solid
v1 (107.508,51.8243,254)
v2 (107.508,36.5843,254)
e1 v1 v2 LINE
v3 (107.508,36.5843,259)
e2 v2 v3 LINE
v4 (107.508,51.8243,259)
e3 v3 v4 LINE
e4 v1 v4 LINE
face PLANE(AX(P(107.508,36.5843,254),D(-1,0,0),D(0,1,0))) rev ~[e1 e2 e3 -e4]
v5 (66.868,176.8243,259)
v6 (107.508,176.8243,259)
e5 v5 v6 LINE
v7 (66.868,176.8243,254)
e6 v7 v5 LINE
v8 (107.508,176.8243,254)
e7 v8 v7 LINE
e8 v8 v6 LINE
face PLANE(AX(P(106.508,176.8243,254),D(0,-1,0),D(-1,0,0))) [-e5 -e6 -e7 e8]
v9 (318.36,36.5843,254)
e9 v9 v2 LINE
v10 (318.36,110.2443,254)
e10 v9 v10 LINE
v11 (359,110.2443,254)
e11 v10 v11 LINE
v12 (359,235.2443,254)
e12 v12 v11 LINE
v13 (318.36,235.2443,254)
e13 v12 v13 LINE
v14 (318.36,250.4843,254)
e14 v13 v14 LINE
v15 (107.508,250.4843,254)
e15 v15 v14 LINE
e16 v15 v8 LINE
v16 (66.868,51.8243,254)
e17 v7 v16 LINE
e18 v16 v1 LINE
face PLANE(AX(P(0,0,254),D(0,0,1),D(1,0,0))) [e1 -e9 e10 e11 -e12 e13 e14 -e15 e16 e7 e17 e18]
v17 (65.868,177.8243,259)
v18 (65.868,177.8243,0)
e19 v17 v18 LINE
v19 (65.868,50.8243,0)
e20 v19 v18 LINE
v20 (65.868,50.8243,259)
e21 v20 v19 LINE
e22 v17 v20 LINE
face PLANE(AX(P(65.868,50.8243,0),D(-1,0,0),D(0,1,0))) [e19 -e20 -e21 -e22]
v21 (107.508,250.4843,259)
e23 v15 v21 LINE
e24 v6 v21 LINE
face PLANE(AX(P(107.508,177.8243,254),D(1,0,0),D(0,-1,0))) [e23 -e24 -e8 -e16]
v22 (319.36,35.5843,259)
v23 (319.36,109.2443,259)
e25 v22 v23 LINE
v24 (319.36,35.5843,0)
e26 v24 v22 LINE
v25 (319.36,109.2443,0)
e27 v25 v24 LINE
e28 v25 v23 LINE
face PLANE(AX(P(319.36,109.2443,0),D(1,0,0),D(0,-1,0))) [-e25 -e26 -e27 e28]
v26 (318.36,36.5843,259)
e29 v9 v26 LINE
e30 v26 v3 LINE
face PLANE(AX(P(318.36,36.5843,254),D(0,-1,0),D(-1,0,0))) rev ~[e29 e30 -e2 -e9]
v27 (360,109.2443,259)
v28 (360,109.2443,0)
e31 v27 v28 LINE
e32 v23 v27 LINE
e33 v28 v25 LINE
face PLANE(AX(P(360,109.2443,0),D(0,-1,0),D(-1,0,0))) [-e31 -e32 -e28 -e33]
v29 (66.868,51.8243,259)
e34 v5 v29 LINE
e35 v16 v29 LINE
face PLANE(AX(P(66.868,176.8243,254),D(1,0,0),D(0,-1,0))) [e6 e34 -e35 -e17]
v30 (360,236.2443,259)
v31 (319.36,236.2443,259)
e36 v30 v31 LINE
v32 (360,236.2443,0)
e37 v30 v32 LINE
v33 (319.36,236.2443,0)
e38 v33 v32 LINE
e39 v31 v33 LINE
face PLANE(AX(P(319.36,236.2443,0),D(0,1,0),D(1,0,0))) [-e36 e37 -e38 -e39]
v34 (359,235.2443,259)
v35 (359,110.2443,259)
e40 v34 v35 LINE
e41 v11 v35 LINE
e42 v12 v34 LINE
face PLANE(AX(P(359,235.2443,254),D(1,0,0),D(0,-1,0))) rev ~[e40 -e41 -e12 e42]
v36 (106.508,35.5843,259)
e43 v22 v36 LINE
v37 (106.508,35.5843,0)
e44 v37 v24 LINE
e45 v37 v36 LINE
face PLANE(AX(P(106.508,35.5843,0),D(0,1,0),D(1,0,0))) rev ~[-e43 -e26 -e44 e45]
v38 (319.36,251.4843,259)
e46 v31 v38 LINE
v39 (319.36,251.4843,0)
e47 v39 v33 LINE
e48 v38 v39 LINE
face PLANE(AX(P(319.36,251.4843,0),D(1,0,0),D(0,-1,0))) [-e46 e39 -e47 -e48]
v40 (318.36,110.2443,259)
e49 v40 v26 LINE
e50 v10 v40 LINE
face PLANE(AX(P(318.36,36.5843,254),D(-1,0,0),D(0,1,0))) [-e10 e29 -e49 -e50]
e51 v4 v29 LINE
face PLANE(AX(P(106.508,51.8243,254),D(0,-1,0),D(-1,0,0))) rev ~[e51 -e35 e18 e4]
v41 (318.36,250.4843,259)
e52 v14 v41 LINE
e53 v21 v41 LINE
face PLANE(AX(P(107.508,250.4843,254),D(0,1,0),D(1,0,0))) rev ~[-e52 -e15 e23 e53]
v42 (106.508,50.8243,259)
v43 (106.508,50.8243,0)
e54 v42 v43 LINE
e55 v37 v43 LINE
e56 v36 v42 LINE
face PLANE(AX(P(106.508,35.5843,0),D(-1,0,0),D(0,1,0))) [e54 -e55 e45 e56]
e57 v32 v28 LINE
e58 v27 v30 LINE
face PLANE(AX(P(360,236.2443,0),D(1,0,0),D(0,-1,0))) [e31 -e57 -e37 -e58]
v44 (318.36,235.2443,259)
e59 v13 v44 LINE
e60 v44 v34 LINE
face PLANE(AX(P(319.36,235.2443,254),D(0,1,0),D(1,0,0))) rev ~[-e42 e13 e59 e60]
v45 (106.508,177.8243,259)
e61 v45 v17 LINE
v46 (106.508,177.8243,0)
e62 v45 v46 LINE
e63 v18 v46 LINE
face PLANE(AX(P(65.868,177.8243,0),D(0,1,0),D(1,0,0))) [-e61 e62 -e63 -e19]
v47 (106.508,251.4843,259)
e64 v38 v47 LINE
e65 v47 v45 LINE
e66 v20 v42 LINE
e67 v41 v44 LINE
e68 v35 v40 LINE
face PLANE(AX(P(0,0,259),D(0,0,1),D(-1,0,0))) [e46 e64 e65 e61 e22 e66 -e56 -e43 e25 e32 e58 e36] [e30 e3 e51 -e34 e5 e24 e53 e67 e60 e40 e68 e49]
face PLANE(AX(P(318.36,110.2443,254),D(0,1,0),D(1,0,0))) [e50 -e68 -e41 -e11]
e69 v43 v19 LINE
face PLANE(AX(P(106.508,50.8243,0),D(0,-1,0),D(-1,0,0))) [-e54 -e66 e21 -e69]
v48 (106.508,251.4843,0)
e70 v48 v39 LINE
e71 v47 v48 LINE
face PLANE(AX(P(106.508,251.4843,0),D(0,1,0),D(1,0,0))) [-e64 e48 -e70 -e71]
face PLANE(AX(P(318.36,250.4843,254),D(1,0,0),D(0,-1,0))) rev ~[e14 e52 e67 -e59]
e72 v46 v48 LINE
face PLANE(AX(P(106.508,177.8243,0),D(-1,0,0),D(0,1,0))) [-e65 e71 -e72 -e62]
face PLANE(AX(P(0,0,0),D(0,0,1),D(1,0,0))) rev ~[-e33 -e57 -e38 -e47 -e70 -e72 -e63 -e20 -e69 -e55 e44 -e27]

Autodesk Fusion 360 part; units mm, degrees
sketch "Sketch1" plane through (0, 0, 0) normal (0, 0, 1) x (1, 0, 0)
sketch "Sketch2" plane through (0, 0, 0) normal (0, 0, 1) x (1, 0, 0)
  line L0 (106.508, 35.5843) -> (319.36, 35.5843)
  line L1 (106.508, 35.5843) -> (106.508, 50.8243)
  line L2 (106.508, 50.8243) -> (65.868, 50.8243)
  line L3 (65.868, 50.8243) -> (65.868, 177.8243)
  line L4 (65.868, 177.8243) -> (106.508, 177.8243)
  line L5 (106.508, 177.8243) -> (106.508, 251.4843)
  line L6 (106.508, 251.4843) -> (319.36, 251.4843)
  line L7 (319.36, 251.4843) -> (319.36, 236.2443)
  line L8 (319.36, 236.2443) -> (360, 236.2443)
  line L9 (360, 236.2443) -> (360, 109.2443)
  line L10 (360, 109.2443) -> (319.36, 109.2443)
  line L11 (319.36, 109.2443) -> (319.36, 35.5843)
  dimension "d2" = 212.852
  dimension "d3" = 15.24
  dimension "d4" = 40.64
  dimension "d5" = 127
  dimension "d6" = 40.64
  dimension "d7" = 73.66
  dimension "d8" = 212.852
  dimension "d9" = 15.24
  dimension "d10" = 40.64
  dimension "d11" = 73.66
extrude "Extrude1" add sketch "Sketch2" along normal blind 254
sketch "Sketch3" plane through (0, 0, 254) normal (0, 0, 1) x (-1, 0, 0)
  line L0 (-106.508, -35.5843) -> (-319.36, -35.5843)
  line L1 (-319.36, -35.5843) -> (-319.36, -109.2443)
  line L2 (-319.36, -109.2443) -> (-360, -109.2443)
  line L3 (-360, -109.2443) -> (-360, -236.2443)
  line L4 (-360, -236.2443) -> (-319.36, -236.2443)
  line L5 (-319.36, -236.2443) -> (-319.36, -251.4843)
  line L6 (-319.36, -251.4843) -> (-106.508, -251.4843)
  line L7 (-106.508, -251.4843) -> (-106.508, -177.8243)
  line L8 (-106.508, -177.8243) -> (-65.868, -177.8243)
  line L9 (-65.868, -177.8243) -> (-65.868, -50.8243)
  line L10 (-65.868, -50.8243) -> (-106.508, -50.8243)
  line L11 (-106.508, -50.8243) -> (-106.508, -35.5843)
  line L12 (-65.868, -177.8243) -> (-66.868, -177.8243)
  line L13 (-66.868, -177.8243) -> (-66.868, -50.8243)
  line L14 (-66.868, -50.8243) -> (-65.868, -50.8243)
  line L15 (-65.868, -50.8243) -> (-65.868, -177.8243)
  line L16 (-65.868, -177.8243) -> (-107.508, -177.8243)
  line L17 (-107.508, -177.8243) -> (-107.508, -176.8243)
  line L18 (-107.508, -176.8243) -> (-65.868, -176.8243)
  line L19 (-65.868, -176.8243) -> (-65.868, -177.8243)
  line L20 (-65.868, -50.8243) -> (-107.508, -50.8243)
  line L21 (-107.508, -50.8243) -> (-107.508, -51.8243)
  line L22 (-107.508, -51.8243) -> (-65.868, -51.8243)
  line L23 (-65.868, -51.8243) -> (-65.868, -50.8243)
  line L24 (-107.508, -51.8243) -> (-106.508, -51.8243)
  line L25 (-106.508, -51.8243) -> (-106.508, -35.5843)
  line L26 (-106.508, -35.5843) -> (-107.508, -35.5843)
  line L27 (-107.508, -35.5843) -> (-107.508, -51.8243)
  line L28 (-106.508, -35.5843) -> (-319.36, -35.5843)
  line L29 (-319.36, -35.5843) -> (-319.36, -36.5843)
  line L30 (-319.36, -36.5843) -> (-106.508, -36.5843)
  line L31 (-106.508, -36.5843) -> (-106.508, -35.5843)
  line L32 (-319.36, -35.5843) -> (-318.36, -35.5843)
  line L33 (-318.36, -35.5843) -> (-318.36, -110.2443)
  line L34 (-318.36, -110.2443) -> (-319.36, -110.2443)
  line L35 (-319.36, -110.2443) -> (-319.36, -35.5843)
  line L36 (-318.36, -110.2443) -> (-360, -110.2443)
  line L37 (-360, -110.2443) -> (-360, -109.2443)
  line L38 (-360, -109.2443) -> (-318.36, -109.2443)
  line L39 (-318.36, -109.2443) -> (-318.36, -110.2443)
  line L40 (-360, -236.2443) -> (-359, -236.2443)
  line L41 (-359, -236.2443) -> (-359, -109.2443)
  line L42 (-359, -109.2443) -> (-360, -109.2443)
  line L43 (-360, -109.2443) -> (-360, -236.2443)
  line L44 (-360, -236.2443) -> (-318.36, -236.2443)
  line L45 (-318.36, -236.2443) -> (-318.36, -235.2443)
  line L46 (-318.36, -235.2443) -> (-360, -235.2443)
  line L47 (-360, -235.2443) -> (-360, -236.2443)
  line L48 (-319.36, -251.4843) -> (-318.36, -251.4843)
  line L49 (-318.36, -251.4843) -> (-318.36, -235.2443)
  line L50 (-318.36, -235.2443) -> (-319.36, -235.2443)
  line L51 (-319.36, -235.2443) -> (-319.36, -251.4843)
  line L52 (-319.36, -251.4843) -> (-106.508, -251.4843)
  line L53 (-106.508, -251.4843) -> (-106.508, -250.4843)
  line L54 (-106.508, -250.4843) -> (-319.36, -250.4843)
  line L55 (-319.36, -250.4843) -> (-319.36, -251.4843)
  line L56 (-107.508, -176.8243) -> (-106.508, -176.8243)
  line L57 (-106.508, -176.8243) -> (-106.508, -251.4843)
  line L58 (-106.508, -251.4843) -> (-107.508, -251.4843)
  line L59 (-107.508, -251.4843) -> (-107.508, -176.8243)
  dimension "d14" = 1
  dimension "d15" = 1
  dimension "d16" = 1
  dimension "d17" = 1
  dimension "d18" = 1
  dimension "d19" = 1
  dimension "d20" = 1
  dimension "d21" = 1
  dimension "d22" = 1
  dimension "d23" = 1
  dimension "d24" = 1
  dimension "d25" = 1
extrude "Extrude2" add sketch "Sketch3" along normal blind 5 contours L0 L11 L25 L26 L27 L28 L30 L31 | L0 L27 L28 L30 L33 | L11 L20 L25 L27 L30 | L0 L1 L28 L29 L30 L32 L33 L35 | L20 L21 L22 L24 L25 L27 | L10 L13 L20 L22 L25 | L1 L30 L33 L35 L38 | L9 L10 L13 L14 L15 L20 L22 L23 | L33 L34 L35 L36 L38 L39 | L9 L13 L15 L18 L22 | L2 L35 L36 L38 L41 | L8 L9 L12 L13 L15 L16 L18 L19 | L8 L13 L16 L18 L57 | L2 L3 L36 L37 L38 L41 L42 L43 | L16 L17 L18 L56 L57 L59 | L3 L36 L41 L43 L46 | L7 L16 L54 L57 L59 | L4 L41 L44 L46 L51 | L3 L4 L40 L41 L43 L44 L46 L47 | L6 L7 L52 L53 L54 L57 L58 L59 | L44 L45 L46 L49 L50 L51 | L6 L49 L52 L54 L59 | L5 L44 L49 L51 L54 | L5 L6 L48 L49 L51 L52 L54 L55
sketch "Sketch4" plane through (0, 0, 254) normal (0, 0, 1) x (-1, 0, 0)
  line L0 (-107.508, -176.8243) -> (-66.868, -176.8243)
  line L1 (-66.868, -176.8243) -> (-66.868, -51.8243)
  line L2 (-66.868, -51.8243) -> (-107.508, -51.8243)
  line L3 (-107.508, -51.8243) -> (-107.508, -36.5843)
  line L4 (-107.508, -36.5843) -> (-318.36, -36.5843)
  line L5 (-318.36, -36.5843) -> (-318.36, -110.2443)
  line L6 (-318.36, -110.2443) -> (-359, -110.2443)
  line L7 (-359, -110.2443) -> (-359, -235.2443)
  line L8 (-359, -235.2443) -> (-318.36, -235.2443)
  line L9 (-318.36, -235.2443) -> (-318.36, -250.4843)
  line L10 (-318.36, -250.4843) -> (-107.508, -250.4843)
  line L11 (-107.508, -250.4843) -> (-107.508, -176.8243)
  line L12 (-192.7092, -113.2958) -> (-177.8821, -135.8603)
  line L13 (-177.8821, -135.8603) -> (-181.5924, -155.5132)
  line L14 (-181.5924, -155.5132) -> (-189.7272, -162.9176)
  line L15 (-189.7272, -162.9176) -> (-197.3239, -162.6933)
  line L16 (-197.3239, -162.6933) -> (-208.6768, -121.2191)
  line L17 (-208.6768, -121.2191) -> (-209.0766, -103.7236)
  line L18 (-209.0766, -103.7236) -> (-206.2382, -88.6892)
  dimension "d40" = 27
  dimension "d42" = 11
  dimension "d44" = 43
  dimension "d46" = 17.5
  dimension "d47" = 7.6
  dimension "d48" = 107
  dimension "d49" = 166
  dimension "d50" = 20
  dimension "d51" = 136
  dimension "d52" = 143
  dimension "d54" = 15.3
  dimension "d55" = 168
